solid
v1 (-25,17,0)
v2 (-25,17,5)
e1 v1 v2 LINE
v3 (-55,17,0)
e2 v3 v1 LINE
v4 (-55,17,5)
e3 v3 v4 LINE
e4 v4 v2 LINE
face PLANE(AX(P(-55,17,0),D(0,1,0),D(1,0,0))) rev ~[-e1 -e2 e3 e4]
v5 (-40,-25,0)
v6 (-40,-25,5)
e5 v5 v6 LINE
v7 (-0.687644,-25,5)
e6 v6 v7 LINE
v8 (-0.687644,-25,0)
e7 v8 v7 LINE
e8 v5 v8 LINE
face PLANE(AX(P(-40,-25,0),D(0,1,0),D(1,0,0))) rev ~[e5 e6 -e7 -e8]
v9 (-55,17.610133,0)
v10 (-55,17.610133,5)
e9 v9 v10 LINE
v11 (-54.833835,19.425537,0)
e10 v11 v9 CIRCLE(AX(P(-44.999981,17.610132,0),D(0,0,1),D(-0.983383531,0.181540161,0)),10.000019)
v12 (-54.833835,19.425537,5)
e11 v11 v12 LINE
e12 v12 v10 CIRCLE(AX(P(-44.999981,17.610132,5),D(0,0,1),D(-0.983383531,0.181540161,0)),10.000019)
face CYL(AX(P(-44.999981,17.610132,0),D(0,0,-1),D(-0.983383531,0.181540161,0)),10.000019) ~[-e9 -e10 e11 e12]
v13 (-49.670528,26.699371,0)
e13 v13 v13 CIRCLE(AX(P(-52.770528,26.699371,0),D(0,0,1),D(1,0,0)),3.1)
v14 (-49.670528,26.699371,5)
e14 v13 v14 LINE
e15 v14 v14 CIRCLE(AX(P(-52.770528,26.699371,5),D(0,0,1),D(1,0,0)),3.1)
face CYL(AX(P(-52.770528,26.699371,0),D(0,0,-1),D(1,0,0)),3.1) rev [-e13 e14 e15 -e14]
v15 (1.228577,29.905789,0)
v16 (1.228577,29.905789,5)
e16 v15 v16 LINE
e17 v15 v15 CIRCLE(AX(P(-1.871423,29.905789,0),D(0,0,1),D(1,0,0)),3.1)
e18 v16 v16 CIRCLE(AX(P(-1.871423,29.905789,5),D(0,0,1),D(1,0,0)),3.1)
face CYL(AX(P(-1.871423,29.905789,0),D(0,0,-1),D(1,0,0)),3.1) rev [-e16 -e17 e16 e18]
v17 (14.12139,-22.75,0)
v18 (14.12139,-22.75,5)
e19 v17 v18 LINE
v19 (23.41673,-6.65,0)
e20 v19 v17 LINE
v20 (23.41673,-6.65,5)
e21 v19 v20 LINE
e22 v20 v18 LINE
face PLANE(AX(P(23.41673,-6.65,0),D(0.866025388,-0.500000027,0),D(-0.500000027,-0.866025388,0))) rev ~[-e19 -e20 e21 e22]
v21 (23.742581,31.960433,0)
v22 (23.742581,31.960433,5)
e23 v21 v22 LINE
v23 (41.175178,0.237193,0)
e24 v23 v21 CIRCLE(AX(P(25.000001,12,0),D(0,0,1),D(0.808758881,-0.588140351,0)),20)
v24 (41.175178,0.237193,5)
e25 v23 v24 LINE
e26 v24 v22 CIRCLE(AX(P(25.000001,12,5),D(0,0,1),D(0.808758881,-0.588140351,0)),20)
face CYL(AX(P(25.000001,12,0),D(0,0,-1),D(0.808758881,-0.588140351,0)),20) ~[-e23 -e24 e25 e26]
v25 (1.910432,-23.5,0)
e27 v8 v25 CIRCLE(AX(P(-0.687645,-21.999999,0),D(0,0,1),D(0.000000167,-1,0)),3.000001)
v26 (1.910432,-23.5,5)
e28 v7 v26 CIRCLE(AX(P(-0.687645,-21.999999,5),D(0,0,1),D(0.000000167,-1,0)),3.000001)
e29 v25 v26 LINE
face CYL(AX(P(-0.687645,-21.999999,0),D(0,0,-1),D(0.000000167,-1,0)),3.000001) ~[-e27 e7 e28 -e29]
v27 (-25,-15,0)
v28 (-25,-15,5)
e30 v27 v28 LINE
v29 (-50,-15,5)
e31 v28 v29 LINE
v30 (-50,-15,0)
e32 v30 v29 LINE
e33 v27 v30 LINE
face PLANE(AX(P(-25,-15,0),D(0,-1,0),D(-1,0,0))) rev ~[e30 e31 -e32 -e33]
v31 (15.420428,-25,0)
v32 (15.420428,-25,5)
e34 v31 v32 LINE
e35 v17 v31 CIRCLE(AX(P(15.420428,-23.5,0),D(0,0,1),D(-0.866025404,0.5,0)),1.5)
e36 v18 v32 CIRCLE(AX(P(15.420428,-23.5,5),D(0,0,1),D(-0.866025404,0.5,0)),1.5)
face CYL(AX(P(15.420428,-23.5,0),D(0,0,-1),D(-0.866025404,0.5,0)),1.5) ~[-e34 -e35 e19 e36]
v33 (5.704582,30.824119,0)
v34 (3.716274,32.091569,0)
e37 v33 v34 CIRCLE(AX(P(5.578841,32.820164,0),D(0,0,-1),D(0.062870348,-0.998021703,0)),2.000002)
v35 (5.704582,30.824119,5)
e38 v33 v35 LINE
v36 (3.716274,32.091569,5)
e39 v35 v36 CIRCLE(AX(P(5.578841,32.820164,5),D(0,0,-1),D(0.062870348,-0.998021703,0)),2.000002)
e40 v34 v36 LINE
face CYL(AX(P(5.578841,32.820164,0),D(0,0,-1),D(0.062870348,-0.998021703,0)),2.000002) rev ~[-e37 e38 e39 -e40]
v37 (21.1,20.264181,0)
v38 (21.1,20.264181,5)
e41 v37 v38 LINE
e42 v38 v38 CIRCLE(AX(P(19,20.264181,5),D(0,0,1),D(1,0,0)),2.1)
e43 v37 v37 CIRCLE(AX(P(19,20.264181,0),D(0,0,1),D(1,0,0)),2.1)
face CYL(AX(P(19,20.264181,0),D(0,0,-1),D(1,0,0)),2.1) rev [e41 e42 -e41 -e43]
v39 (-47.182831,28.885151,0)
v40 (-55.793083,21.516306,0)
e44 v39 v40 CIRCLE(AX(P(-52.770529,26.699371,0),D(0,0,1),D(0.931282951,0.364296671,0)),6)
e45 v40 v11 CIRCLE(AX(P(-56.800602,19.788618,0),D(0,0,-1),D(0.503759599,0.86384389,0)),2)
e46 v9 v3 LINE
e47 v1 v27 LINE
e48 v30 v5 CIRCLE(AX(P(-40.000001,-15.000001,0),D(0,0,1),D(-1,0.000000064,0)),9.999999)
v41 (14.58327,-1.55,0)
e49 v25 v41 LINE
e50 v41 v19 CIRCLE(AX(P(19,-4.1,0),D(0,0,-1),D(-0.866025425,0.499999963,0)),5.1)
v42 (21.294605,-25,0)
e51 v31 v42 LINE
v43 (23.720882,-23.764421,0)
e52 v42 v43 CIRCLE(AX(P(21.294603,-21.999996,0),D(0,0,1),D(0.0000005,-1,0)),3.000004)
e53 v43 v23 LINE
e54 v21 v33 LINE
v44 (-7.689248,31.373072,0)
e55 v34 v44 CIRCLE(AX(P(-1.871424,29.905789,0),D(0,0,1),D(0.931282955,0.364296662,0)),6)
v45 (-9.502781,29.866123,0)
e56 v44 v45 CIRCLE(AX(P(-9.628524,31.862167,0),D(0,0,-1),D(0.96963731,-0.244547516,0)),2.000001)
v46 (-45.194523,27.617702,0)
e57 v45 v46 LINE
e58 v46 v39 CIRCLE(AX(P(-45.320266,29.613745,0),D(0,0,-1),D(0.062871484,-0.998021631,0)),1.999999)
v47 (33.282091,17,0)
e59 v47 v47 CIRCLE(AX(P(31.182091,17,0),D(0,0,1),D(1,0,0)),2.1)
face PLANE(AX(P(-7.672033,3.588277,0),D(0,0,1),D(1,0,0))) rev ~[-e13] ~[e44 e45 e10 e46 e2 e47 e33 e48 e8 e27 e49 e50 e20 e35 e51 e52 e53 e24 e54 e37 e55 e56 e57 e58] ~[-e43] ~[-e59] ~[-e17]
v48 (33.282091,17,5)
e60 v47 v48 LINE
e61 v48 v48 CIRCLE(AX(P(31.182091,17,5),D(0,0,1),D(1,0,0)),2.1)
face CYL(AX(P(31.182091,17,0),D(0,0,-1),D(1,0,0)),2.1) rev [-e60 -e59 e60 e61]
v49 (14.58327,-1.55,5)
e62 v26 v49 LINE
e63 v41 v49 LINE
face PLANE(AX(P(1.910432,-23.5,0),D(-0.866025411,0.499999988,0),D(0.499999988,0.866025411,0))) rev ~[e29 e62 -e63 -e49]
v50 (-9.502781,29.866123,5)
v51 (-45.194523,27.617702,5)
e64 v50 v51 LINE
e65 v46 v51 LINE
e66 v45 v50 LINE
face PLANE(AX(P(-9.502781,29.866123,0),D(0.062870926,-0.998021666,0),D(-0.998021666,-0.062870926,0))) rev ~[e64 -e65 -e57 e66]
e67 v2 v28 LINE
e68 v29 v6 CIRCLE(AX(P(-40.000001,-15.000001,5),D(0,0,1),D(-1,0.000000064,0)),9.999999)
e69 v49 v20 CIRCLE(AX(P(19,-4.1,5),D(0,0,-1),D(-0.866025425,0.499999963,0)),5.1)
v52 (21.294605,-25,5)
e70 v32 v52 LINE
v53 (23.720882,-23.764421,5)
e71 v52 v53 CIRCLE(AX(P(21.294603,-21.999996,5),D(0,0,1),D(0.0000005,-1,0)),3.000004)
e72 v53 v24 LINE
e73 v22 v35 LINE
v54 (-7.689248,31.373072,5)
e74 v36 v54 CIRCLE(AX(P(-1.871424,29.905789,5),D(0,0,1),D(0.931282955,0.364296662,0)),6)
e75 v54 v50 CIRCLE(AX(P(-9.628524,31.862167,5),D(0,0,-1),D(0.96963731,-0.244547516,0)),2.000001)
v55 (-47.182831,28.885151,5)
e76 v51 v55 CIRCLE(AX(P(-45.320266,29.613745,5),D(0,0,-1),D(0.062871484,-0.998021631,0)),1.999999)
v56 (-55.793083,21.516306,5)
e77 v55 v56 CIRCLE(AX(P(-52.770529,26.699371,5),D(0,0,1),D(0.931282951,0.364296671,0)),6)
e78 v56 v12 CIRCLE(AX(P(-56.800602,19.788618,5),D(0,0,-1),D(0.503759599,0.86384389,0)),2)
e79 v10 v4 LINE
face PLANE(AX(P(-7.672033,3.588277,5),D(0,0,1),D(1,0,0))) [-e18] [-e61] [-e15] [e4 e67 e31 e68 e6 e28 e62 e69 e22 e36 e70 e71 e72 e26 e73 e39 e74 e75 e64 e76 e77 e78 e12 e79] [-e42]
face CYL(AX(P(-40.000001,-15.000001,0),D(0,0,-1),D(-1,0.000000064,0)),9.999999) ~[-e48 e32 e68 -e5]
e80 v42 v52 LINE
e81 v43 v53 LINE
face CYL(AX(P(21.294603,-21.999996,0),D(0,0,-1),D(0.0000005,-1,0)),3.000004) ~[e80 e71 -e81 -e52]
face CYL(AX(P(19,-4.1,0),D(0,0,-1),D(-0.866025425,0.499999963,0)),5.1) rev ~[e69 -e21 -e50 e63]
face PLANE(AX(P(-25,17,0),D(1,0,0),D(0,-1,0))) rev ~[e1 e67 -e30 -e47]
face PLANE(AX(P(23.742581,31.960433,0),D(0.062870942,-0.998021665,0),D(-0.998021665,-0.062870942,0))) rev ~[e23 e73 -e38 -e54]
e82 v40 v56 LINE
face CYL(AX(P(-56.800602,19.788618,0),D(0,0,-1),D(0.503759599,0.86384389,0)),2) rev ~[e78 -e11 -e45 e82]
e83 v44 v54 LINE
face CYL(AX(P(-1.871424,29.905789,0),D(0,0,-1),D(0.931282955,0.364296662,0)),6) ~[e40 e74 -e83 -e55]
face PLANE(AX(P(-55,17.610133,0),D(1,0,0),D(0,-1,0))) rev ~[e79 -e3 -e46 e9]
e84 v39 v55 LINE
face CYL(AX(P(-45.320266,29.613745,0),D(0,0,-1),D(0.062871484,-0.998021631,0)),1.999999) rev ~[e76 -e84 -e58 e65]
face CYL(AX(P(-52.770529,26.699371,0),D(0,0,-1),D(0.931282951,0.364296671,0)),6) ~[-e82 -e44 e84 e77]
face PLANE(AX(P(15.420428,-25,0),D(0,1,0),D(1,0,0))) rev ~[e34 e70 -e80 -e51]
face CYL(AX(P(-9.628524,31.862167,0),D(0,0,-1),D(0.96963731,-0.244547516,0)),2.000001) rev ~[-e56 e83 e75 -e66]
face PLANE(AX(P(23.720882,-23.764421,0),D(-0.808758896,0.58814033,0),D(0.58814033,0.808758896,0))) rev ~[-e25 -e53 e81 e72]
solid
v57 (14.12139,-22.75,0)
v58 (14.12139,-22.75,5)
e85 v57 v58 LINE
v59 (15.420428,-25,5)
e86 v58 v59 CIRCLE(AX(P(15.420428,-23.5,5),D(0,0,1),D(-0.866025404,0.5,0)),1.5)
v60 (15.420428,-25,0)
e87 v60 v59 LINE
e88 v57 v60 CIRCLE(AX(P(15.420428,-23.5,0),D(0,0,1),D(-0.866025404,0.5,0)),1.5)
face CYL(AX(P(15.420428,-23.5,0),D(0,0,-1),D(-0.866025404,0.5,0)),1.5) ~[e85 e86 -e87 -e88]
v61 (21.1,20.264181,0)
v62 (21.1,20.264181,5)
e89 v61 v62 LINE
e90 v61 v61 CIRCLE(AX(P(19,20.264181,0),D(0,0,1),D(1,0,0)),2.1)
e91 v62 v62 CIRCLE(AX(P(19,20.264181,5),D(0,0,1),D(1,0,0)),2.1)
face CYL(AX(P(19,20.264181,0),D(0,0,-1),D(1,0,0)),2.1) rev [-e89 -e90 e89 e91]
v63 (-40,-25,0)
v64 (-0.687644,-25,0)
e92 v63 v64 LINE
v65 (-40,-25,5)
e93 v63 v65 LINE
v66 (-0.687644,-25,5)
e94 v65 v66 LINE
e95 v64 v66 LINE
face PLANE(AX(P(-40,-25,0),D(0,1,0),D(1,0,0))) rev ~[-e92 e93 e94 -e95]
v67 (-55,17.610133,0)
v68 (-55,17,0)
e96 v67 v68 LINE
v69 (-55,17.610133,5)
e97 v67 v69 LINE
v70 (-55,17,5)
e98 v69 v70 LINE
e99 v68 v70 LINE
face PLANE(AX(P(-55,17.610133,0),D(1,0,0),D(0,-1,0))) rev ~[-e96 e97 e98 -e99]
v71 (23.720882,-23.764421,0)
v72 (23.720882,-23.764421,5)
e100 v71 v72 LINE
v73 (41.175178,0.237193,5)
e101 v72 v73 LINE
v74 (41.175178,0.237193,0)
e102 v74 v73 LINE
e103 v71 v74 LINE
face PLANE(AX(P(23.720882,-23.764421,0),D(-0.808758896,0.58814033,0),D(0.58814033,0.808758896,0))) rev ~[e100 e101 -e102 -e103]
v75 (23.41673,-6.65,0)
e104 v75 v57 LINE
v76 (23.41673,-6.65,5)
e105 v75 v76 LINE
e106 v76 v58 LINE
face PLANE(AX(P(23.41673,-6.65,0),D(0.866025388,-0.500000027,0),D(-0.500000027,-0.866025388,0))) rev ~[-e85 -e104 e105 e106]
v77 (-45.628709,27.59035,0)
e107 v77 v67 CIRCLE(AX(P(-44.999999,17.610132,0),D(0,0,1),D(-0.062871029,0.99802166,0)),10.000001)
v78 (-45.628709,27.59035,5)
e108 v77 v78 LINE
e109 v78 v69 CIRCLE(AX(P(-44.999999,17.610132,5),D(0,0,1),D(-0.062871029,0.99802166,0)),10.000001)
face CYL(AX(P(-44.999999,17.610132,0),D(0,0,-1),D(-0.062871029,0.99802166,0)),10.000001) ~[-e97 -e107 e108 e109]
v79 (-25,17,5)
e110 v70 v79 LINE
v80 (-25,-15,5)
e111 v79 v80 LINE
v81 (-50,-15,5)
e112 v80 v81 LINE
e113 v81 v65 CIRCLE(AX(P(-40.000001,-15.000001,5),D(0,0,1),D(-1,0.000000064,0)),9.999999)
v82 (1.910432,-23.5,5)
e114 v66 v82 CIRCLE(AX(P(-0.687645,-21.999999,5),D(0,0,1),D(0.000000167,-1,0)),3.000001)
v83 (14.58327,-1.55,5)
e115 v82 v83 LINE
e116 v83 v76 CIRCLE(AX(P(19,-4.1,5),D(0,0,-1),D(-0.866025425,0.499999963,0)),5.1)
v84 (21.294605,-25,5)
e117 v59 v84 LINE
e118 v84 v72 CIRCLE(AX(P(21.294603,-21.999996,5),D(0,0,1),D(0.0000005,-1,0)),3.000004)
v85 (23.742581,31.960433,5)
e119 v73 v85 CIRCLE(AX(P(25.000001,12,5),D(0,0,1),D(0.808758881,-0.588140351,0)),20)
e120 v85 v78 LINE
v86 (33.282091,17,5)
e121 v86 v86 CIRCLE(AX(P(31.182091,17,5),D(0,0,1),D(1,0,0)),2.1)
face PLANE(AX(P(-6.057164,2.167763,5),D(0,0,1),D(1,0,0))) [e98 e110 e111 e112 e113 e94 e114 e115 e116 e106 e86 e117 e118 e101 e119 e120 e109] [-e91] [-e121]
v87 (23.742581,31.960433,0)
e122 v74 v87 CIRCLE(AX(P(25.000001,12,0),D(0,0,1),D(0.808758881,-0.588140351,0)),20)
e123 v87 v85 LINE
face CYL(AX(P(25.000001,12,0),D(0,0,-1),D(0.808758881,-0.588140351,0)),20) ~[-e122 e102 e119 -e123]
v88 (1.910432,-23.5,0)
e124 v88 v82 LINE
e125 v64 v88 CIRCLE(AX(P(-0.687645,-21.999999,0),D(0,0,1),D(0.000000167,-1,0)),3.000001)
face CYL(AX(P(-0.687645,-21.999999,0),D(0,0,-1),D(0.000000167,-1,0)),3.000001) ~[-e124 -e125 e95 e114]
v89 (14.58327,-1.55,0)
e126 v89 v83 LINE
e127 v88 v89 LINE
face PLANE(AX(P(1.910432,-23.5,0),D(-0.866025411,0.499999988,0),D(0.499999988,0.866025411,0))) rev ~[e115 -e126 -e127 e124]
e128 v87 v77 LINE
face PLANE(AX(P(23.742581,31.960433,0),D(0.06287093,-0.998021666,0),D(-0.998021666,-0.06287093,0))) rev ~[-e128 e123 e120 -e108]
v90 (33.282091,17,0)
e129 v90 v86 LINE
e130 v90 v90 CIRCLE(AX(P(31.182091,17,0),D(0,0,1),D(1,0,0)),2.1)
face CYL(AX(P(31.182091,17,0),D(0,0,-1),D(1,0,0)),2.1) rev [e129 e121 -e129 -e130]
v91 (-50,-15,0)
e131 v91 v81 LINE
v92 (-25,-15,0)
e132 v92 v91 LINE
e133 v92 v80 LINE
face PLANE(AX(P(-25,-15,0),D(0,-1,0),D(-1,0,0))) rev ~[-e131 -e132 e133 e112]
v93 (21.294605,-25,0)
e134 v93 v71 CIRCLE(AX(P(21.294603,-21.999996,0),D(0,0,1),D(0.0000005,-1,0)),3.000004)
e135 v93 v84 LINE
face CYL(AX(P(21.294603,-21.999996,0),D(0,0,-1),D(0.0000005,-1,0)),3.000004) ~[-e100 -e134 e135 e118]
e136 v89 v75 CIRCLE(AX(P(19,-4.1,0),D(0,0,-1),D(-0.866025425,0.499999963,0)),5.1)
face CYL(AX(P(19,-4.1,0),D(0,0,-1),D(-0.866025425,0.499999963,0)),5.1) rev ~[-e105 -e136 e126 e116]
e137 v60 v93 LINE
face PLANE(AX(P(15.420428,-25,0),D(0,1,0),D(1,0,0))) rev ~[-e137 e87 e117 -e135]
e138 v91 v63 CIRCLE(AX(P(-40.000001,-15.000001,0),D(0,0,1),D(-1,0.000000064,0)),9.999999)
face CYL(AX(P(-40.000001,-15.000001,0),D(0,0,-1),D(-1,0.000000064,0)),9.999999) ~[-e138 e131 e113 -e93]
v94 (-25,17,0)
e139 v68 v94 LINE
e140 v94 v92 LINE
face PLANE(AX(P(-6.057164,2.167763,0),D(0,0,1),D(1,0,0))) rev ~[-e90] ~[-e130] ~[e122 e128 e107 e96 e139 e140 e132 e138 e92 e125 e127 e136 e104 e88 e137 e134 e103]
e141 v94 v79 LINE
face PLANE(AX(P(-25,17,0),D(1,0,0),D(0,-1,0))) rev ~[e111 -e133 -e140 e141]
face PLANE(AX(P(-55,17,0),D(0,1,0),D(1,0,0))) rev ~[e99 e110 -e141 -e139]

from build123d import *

# Parameters (mm, degrees)
F0_R     = 2.1
F1_DEPTH = 5
F2_R     = 3.1
F2_R_2   = 2.1
F3_DEPTH = 5


with BuildPart() as f1:
    # F0 (on Top) → F1 (new body)
    with BuildSketch(Plane.XY):
        with BuildLine():
            Line((-55, 17), (-25, 17))
            Line((-25, 17), (-25, -15))
            Line((-25, -15), (-50, -15))
            ThreePointArc((-50, -15), (-47.071068, -22.071068), (-40, -25))
            Line((-40, -25), (-0.687644, -25))
            ThreePointArc((-0.687644, -25), (0.812356, -24.598076), (1.910432, -23.5))
            Line((1.910432, -23.5), (14.58327, -1.55))
            ThreePointArc((14.58327, -1.55), (21.55, 0.31673), (23.41673, -6.65))
            Line((23.41673, -6.65), (14.12139, -22.75))
            ThreePointArc((14.12139, -22.75), (14.12139, -24.25), (15.420428, -25))
            Line((15.420428, -25), (21.294605, -25))
            ThreePointArc((21.294605, -25), (22.65599, -24.673318), (23.720882, -23.764421))
            Line((23.720882, -23.764421), (41.175178, 0.237193))
            ThreePointArc((41.175178, 0.237193), (42.52786, 21.631933), (23.742581, 31.960433))
            Line((23.742581, 31.960433), (-45.628709, 27.59035))
            ThreePointArc((-45.628709, 27.59035), (-52.289962, 24.45531), (-55, 17.610133))
            Line((-55, 17.610133), (-55, 17))
        make_face()
        with Locations((31.182091, 17)):
            Circle(F0_R, mode=Mode.SUBTRACT)
        with Locations((19, 20.264181)):
            Circle(F0_R, mode=Mode.SUBTRACT)
    extrude(amount=F1_DEPTH)


with BuildPart() as f3:
    # F2 (on Top) → F3 (new body)
    with BuildSketch(Plane.XY):
        with BuildLine():
            Line((-55, 17), (-25, 17))
            Line((-25, 17), (-25, -15))
            Line((-25, -15), (-50, -15))
            ThreePointArc((-50, -15), (-47.071068, -22.071068), (-40, -25))
            Line((-40, -25), (-0.687644, -25))
            ThreePointArc((-0.687644, -25), (0.812356, -24.598076), (1.910432, -23.5))
            Line((1.910432, -23.5), (14.58327, -1.55))
            ThreePointArc((14.58327, -1.55), (21.55, 0.31673), (23.41673, -6.65))
            Line((23.41673, -6.65), (14.12139, -22.75))
            ThreePointArc((14.12139, -22.75), (14.12139, -24.25), (15.420428, -25))
            Line((15.420428, -25), (21.294605, -25))
            ThreePointArc((21.294605, -25), (22.65599, -24.673318), (23.720882, -23.764421))
            Line((23.720882, -23.764421), (41.175178, 0.237193))
            ThreePointArc((41.175178, 0.237193), (42.52786, 21.631933), (23.742581, 31.960433))
            Line((23.742581, 31.960433), (5.704582, 30.824119))
            ThreePointArc((5.704582, 30.824119), (4.503784, 31.133671), (3.716274, 32.091569))
            ThreePointArc((3.716274, 32.091569), (-2.248649, 35.893919), (-7.689248, 31.373072))
            ThreePointArc((-7.689248, 31.373072), (-8.350322, 30.32392), (-9.502781, 29.866123))
            Line((-9.502781, 29.866123), (-45.194523, 27.617702))
            ThreePointArc((-45.194523, 27.617702), (-46.395321, 27.927253), (-47.182831, 28.885151))
            ThreePointArc((-47.182831, 28.885151), (-56.671805, 31.257884), (-55.793083, 21.516306))
            ThreePointArc((-55.793083, 21.516306), (-54.982795, 20.622631), (-54.833835, 19.425537))
            ThreePointArc((-54.833835, 19.425537), (-54.958372, 18.52163), (-55, 17.610133))
            Line((-55, 17.610133), (-55, 17))
        make_face()
        with Locations((-52.770528, 26.699371)):
            Circle(F2_R, mode=Mode.SUBTRACT)
        with Locations((19, 20.264181)):
            Circle(F2_R_2, mode=Mode.SUBTRACT)
        with Locations((31.182091, 17)):
            Circle(F2_R_2, mode=Mode.SUBTRACT)
        with Locations((-1.871423, 29.905789)):
            Circle(F2_R, mode=Mode.SUBTRACT)
    extrude(amount=F3_DEPTH)


solid = Compound([f1.part, f3.part])
